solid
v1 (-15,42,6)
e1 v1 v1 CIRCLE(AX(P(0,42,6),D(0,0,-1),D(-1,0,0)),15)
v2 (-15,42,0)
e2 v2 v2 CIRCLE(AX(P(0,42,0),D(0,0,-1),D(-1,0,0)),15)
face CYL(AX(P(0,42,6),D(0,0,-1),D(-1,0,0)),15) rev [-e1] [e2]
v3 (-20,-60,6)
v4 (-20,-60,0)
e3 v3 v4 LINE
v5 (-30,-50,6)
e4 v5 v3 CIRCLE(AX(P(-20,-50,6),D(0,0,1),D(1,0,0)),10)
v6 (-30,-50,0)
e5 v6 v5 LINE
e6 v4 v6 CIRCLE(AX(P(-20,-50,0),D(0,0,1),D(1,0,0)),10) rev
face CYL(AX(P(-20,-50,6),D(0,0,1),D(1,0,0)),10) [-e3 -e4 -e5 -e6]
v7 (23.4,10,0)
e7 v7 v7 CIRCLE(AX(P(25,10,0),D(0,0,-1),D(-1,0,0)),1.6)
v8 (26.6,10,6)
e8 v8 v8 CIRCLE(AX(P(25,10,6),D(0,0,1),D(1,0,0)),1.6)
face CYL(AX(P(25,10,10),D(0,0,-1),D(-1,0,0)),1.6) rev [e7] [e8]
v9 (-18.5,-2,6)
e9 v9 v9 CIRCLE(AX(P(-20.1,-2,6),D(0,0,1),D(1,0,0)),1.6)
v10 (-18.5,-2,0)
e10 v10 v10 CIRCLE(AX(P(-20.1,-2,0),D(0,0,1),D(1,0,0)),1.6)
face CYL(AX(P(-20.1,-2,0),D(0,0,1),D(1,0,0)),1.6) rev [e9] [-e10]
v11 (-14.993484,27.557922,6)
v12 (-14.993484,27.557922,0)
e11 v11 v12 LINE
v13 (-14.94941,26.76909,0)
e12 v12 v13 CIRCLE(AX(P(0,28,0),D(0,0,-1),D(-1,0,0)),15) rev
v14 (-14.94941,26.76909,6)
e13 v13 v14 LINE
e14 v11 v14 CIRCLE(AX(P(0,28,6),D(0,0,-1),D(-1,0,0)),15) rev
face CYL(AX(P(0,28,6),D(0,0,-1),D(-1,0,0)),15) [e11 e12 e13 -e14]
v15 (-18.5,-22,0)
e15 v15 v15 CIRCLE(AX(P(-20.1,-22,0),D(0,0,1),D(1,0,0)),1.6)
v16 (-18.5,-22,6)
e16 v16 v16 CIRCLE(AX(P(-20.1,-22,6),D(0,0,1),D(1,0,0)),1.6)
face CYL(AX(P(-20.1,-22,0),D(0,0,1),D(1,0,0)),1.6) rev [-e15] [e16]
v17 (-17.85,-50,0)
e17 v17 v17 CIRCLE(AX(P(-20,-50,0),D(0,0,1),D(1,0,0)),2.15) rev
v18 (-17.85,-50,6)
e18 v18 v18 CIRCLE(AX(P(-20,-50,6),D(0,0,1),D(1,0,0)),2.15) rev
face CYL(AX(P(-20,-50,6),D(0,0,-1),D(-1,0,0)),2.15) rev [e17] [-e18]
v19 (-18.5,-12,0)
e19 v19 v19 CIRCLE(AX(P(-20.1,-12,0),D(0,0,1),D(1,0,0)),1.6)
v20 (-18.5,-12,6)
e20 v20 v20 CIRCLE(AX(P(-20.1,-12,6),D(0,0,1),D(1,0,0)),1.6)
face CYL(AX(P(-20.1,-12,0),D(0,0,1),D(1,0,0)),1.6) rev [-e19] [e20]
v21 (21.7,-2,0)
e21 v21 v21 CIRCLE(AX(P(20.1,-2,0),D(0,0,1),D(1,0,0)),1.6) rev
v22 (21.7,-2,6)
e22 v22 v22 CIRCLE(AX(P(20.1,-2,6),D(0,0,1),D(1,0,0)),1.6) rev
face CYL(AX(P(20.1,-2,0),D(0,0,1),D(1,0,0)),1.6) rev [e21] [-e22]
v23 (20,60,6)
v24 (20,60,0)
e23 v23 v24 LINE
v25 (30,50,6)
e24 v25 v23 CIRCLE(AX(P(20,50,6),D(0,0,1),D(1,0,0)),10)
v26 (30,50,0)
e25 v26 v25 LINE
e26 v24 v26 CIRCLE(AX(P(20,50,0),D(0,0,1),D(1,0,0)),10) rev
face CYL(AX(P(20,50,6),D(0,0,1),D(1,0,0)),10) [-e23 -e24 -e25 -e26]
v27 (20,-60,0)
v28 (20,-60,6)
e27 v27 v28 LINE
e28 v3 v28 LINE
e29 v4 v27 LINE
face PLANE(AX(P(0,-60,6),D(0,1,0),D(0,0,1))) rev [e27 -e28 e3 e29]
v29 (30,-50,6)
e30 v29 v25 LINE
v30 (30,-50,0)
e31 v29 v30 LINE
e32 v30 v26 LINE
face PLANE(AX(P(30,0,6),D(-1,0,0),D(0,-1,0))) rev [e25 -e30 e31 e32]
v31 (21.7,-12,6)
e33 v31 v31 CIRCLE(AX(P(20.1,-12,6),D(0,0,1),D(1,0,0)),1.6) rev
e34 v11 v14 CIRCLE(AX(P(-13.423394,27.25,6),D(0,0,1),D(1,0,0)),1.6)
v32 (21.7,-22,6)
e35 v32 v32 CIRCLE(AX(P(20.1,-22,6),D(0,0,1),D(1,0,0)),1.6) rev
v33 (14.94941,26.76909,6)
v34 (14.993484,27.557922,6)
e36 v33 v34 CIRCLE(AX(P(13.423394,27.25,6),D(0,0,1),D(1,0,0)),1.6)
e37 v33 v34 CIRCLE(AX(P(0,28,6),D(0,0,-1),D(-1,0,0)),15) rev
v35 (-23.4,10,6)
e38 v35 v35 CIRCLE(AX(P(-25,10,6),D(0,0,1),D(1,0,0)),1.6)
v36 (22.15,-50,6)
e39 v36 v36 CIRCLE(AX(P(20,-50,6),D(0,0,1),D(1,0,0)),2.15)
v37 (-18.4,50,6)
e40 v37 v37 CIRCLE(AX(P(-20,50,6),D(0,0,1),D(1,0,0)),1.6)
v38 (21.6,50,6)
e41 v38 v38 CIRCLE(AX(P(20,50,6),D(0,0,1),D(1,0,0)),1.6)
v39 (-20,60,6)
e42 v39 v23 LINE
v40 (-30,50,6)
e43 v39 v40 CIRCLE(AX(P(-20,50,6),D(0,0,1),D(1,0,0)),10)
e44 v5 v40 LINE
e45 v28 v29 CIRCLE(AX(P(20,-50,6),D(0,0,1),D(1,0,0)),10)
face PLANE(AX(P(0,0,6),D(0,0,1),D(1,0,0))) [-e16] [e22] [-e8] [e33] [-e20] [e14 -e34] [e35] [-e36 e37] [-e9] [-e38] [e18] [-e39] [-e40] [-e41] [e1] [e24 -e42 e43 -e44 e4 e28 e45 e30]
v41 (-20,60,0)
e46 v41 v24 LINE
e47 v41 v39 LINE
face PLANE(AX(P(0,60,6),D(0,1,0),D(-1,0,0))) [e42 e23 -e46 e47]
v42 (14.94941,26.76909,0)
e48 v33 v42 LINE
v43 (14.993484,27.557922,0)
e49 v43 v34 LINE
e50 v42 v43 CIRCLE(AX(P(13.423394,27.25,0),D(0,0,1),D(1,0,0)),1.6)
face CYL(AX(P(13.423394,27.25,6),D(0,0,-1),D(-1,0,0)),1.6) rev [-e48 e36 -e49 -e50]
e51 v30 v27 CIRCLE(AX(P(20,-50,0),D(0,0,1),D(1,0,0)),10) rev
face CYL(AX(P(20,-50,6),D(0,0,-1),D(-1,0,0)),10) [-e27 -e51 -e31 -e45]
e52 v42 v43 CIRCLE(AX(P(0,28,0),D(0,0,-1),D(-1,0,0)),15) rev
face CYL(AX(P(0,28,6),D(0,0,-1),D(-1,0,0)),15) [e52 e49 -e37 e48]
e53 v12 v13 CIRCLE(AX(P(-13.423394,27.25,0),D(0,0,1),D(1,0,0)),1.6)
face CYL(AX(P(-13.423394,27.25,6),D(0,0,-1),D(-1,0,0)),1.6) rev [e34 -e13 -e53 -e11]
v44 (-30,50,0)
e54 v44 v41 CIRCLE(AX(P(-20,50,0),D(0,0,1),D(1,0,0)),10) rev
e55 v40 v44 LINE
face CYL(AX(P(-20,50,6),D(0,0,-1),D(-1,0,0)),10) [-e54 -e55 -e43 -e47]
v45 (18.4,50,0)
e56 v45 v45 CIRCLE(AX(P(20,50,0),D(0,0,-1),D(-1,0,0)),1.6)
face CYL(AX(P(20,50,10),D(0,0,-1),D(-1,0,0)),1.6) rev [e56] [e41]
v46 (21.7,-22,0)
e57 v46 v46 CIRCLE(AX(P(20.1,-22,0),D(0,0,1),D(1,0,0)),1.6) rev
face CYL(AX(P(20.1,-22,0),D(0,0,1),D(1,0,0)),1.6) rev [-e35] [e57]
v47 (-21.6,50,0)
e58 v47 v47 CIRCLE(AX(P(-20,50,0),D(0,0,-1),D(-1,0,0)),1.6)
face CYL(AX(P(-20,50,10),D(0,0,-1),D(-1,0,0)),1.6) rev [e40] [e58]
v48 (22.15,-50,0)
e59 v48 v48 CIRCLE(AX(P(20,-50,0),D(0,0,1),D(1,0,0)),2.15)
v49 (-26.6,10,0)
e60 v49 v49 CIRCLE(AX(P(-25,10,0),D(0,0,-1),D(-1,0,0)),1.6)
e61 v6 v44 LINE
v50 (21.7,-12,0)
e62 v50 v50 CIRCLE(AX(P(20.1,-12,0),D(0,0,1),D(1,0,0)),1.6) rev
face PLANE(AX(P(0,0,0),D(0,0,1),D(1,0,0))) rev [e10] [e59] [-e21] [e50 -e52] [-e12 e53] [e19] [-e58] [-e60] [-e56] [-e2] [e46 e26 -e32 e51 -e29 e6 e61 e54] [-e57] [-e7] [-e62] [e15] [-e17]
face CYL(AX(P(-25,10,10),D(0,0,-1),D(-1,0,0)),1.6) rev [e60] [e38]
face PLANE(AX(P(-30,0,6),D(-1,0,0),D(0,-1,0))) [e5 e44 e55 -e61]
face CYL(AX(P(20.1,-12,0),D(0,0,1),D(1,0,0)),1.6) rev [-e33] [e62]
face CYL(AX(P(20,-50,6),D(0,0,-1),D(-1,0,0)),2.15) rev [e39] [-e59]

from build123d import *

# Parameters (mm, degrees)
SKETCH_1_W          = 60
SKETCH_1_H          = 120
SKETCH_1_R          = 1.6
SKETCH_1_R_2        = 2.15
EXTRUDE_3_DEPTH     = 6
SKETCH_9_R          = 1.6
CUT_EXTRUDE_1_DEPTH = 6
FILLET_1_R          = 10
SKETCH_10_R         = 1.6
CUT_EXTRUDE_2_DEPTH = 10
SKETCH_11_R         = 15
CUT_EXTRUDE_3_DEPTH = 10
EXTRUDE_START       = -6
SKETCH_12_R         = 1.6
EXTRUDE_4_DEPTH     = 6
EXTRUDE_5_DEPTH     = 6
SKETCH_14_R         = 15
CUT_EXTRUDE_4_DEPTH = 68.349832962


with BuildPart() as part:
    # 草图1 → 凸台-拉伸3 (new body)
    with BuildSketch(Plane.XY):
        Rectangle(SKETCH_1_W, SKETCH_1_H)
        with Locations((0, 50.5)):
            Circle(SKETCH_1_R, mode=Mode.SUBTRACT)
        with Locations((20, -50)):
            Circle(SKETCH_1_R_2, mode=Mode.SUBTRACT)
        with Locations((-20, -50)):
            Circle(SKETCH_1_R_2, mode=Mode.SUBTRACT)
        with Locations((13.423393759, 42.75)):
            Circle(SKETCH_1_R, mode=Mode.SUBTRACT)
        with Locations((13.423393759, 27.25)):
            Circle(SKETCH_1_R, mode=Mode.SUBTRACT)
        with Locations((0, 19.5)):
            Circle(SKETCH_1_R, mode=Mode.SUBTRACT)
        with Locations((-13.423393759, 27.25)):
            Circle(SKETCH_1_R, mode=Mode.SUBTRACT)
        with Locations((-13.423393759, 42.75)):
            Circle(SKETCH_1_R, mode=Mode.SUBTRACT)
        with BuildLine():
            Line((6, 42), (6, 28))
            ThreePointArc((6, 28), (0, 22), (-6, 28))
            Line((-6, 28), (-6, 42))
            ThreePointArc((-6, 42), (0, 48), (6, 42))
        make_face(mode=Mode.SUBTRACT)
    extrude(amount=EXTRUDE_3_DEPTH)

    # 草图9 → 切除-拉伸1 (cut)
    with BuildSketch(Plane.XY.offset(6)):
        with Locations((20.1, -22)):
            Circle(SKETCH_9_R)
        with Locations((20.1, -2)):
            Circle(SKETCH_9_R)
        with Locations((20.1, -12)):
            Circle(SKETCH_9_R)
        with Locations((-20.1, -2)):
            Circle(SKETCH_9_R)
        with Locations((-20.1, -12)):
            Circle(SKETCH_9_R)
        with Locations((-20.1, -22)):
            Circle(SKETCH_9_R)
    extrude(amount=-CUT_EXTRUDE_1_DEPTH, mode=Mode.SUBTRACT)

    # 圆角1
    fillet_1_edges = [part.edges().sort_by_distance(p)[0] for p in [
        (30, -60, 3),
        (-30, -60, 3),
        (-30, 60, 3),
        (30, 60, 3),
    ]]
    fillet(fillet_1_edges, radius=FILLET_1_R)

    # 草图10 → 切除-拉伸2 (cut)
    with BuildSketch(Plane(origin=(0, 0, 0), x_dir=(-1, 0, 0), z_dir=(0, 0, -1))):
        with Locations((-20, 50)):
            Circle(SKETCH_10_R)
        with Locations((-25, 10)):
            Circle(SKETCH_10_R)
        with Locations((25, 10)):
            Circle(SKETCH_10_R)
        with Locations((20, 50)):
            Circle(SKETCH_10_R)
    extrude(amount=-CUT_EXTRUDE_2_DEPTH, mode=Mode.SUBTRACT)

    # 草图11 → 切除-拉伸3 (cut)
    with BuildSketch(Plane.XY.offset(6)):
        with Locations((0, 28)):
            Circle(SKETCH_11_R)
    extrude(amount=-CUT_EXTRUDE_3_DEPTH, mode=Mode.SUBTRACT)

    # 草图12 → 凸台-拉伸4 (add)
    with BuildSketch(Plane.XY.offset(6).offset(EXTRUDE_START)):
        with BuildLine():
            ThreePointArc((5.994789404, 41.75), (5.99869721, 41.874972853), (6, 42))
            ThreePointArc((6, 42), (0, 48), (-6, 42))
            ThreePointArc((-6, 42), (-5.99869721, 41.874972853), (-5.994789404, 41.75))
            ThreePointArc((-5.994789404, 41.75), (0, 43), (5.994789404, 41.75))
        make_face()
        with Locations((-13.423393759, 42.75)):
            Circle(SKETCH_12_R)
        with Locations((0, 50.5)):
            Circle(SKETCH_12_R)
        with Locations((13.423393759, 42.75)):
            Circle(SKETCH_12_R)
    extrude(amount=EXTRUDE_4_DEPTH)

    # 草图13 → 凸台-拉伸5 (add)
    with BuildSketch(Plane(origin=(0, 0, 0), x_dir=(-1, 0, 0), z_dir=(0, 0, -1)).offset(EXTRUDE_START)):
        with BuildLine():
            ThreePointArc((13.266499161, 35), (0, 27), (-13.266499161, 35))
            ThreePointArc((-13.266499161, 35), (-14.611734824, 31.390752932), (-14.993484161, 27.557922277))
            ThreePointArc((-14.993484161, 27.557922277), (-14.976641564, 27.163215996), (-14.949410055, 26.769090172))
            ThreePointArc((-14.949410055, 26.769090172), (0, 13), (14.949410055, 26.769090172))
            ThreePointArc((14.949410055, 26.769090172), (14.976641564, 27.163215996), (14.993484161, 27.557922277))
            ThreePointArc((14.993484161, 27.557922277), (14.998370952, 27.77893713), (15, 28))
            ThreePointArc((15, 28), (14.560176637, 31.605725487), (13.266499161, 35))
        make_face()
    extrude(amount=EXTRUDE_5_DEPTH)

    # 草图14 → 切除-拉伸4 (cut, through all)
    with BuildSketch(Plane(origin=(0, 0, 0), x_dir=(-1, 0, 0), z_dir=(0, 0, -1))):
        with Locations((0, 42)):
            Circle(SKETCH_14_R)
    extrude(amount=-CUT_EXTRUDE_4_DEPTH, mode=Mode.SUBTRACT)


solid = part.part
